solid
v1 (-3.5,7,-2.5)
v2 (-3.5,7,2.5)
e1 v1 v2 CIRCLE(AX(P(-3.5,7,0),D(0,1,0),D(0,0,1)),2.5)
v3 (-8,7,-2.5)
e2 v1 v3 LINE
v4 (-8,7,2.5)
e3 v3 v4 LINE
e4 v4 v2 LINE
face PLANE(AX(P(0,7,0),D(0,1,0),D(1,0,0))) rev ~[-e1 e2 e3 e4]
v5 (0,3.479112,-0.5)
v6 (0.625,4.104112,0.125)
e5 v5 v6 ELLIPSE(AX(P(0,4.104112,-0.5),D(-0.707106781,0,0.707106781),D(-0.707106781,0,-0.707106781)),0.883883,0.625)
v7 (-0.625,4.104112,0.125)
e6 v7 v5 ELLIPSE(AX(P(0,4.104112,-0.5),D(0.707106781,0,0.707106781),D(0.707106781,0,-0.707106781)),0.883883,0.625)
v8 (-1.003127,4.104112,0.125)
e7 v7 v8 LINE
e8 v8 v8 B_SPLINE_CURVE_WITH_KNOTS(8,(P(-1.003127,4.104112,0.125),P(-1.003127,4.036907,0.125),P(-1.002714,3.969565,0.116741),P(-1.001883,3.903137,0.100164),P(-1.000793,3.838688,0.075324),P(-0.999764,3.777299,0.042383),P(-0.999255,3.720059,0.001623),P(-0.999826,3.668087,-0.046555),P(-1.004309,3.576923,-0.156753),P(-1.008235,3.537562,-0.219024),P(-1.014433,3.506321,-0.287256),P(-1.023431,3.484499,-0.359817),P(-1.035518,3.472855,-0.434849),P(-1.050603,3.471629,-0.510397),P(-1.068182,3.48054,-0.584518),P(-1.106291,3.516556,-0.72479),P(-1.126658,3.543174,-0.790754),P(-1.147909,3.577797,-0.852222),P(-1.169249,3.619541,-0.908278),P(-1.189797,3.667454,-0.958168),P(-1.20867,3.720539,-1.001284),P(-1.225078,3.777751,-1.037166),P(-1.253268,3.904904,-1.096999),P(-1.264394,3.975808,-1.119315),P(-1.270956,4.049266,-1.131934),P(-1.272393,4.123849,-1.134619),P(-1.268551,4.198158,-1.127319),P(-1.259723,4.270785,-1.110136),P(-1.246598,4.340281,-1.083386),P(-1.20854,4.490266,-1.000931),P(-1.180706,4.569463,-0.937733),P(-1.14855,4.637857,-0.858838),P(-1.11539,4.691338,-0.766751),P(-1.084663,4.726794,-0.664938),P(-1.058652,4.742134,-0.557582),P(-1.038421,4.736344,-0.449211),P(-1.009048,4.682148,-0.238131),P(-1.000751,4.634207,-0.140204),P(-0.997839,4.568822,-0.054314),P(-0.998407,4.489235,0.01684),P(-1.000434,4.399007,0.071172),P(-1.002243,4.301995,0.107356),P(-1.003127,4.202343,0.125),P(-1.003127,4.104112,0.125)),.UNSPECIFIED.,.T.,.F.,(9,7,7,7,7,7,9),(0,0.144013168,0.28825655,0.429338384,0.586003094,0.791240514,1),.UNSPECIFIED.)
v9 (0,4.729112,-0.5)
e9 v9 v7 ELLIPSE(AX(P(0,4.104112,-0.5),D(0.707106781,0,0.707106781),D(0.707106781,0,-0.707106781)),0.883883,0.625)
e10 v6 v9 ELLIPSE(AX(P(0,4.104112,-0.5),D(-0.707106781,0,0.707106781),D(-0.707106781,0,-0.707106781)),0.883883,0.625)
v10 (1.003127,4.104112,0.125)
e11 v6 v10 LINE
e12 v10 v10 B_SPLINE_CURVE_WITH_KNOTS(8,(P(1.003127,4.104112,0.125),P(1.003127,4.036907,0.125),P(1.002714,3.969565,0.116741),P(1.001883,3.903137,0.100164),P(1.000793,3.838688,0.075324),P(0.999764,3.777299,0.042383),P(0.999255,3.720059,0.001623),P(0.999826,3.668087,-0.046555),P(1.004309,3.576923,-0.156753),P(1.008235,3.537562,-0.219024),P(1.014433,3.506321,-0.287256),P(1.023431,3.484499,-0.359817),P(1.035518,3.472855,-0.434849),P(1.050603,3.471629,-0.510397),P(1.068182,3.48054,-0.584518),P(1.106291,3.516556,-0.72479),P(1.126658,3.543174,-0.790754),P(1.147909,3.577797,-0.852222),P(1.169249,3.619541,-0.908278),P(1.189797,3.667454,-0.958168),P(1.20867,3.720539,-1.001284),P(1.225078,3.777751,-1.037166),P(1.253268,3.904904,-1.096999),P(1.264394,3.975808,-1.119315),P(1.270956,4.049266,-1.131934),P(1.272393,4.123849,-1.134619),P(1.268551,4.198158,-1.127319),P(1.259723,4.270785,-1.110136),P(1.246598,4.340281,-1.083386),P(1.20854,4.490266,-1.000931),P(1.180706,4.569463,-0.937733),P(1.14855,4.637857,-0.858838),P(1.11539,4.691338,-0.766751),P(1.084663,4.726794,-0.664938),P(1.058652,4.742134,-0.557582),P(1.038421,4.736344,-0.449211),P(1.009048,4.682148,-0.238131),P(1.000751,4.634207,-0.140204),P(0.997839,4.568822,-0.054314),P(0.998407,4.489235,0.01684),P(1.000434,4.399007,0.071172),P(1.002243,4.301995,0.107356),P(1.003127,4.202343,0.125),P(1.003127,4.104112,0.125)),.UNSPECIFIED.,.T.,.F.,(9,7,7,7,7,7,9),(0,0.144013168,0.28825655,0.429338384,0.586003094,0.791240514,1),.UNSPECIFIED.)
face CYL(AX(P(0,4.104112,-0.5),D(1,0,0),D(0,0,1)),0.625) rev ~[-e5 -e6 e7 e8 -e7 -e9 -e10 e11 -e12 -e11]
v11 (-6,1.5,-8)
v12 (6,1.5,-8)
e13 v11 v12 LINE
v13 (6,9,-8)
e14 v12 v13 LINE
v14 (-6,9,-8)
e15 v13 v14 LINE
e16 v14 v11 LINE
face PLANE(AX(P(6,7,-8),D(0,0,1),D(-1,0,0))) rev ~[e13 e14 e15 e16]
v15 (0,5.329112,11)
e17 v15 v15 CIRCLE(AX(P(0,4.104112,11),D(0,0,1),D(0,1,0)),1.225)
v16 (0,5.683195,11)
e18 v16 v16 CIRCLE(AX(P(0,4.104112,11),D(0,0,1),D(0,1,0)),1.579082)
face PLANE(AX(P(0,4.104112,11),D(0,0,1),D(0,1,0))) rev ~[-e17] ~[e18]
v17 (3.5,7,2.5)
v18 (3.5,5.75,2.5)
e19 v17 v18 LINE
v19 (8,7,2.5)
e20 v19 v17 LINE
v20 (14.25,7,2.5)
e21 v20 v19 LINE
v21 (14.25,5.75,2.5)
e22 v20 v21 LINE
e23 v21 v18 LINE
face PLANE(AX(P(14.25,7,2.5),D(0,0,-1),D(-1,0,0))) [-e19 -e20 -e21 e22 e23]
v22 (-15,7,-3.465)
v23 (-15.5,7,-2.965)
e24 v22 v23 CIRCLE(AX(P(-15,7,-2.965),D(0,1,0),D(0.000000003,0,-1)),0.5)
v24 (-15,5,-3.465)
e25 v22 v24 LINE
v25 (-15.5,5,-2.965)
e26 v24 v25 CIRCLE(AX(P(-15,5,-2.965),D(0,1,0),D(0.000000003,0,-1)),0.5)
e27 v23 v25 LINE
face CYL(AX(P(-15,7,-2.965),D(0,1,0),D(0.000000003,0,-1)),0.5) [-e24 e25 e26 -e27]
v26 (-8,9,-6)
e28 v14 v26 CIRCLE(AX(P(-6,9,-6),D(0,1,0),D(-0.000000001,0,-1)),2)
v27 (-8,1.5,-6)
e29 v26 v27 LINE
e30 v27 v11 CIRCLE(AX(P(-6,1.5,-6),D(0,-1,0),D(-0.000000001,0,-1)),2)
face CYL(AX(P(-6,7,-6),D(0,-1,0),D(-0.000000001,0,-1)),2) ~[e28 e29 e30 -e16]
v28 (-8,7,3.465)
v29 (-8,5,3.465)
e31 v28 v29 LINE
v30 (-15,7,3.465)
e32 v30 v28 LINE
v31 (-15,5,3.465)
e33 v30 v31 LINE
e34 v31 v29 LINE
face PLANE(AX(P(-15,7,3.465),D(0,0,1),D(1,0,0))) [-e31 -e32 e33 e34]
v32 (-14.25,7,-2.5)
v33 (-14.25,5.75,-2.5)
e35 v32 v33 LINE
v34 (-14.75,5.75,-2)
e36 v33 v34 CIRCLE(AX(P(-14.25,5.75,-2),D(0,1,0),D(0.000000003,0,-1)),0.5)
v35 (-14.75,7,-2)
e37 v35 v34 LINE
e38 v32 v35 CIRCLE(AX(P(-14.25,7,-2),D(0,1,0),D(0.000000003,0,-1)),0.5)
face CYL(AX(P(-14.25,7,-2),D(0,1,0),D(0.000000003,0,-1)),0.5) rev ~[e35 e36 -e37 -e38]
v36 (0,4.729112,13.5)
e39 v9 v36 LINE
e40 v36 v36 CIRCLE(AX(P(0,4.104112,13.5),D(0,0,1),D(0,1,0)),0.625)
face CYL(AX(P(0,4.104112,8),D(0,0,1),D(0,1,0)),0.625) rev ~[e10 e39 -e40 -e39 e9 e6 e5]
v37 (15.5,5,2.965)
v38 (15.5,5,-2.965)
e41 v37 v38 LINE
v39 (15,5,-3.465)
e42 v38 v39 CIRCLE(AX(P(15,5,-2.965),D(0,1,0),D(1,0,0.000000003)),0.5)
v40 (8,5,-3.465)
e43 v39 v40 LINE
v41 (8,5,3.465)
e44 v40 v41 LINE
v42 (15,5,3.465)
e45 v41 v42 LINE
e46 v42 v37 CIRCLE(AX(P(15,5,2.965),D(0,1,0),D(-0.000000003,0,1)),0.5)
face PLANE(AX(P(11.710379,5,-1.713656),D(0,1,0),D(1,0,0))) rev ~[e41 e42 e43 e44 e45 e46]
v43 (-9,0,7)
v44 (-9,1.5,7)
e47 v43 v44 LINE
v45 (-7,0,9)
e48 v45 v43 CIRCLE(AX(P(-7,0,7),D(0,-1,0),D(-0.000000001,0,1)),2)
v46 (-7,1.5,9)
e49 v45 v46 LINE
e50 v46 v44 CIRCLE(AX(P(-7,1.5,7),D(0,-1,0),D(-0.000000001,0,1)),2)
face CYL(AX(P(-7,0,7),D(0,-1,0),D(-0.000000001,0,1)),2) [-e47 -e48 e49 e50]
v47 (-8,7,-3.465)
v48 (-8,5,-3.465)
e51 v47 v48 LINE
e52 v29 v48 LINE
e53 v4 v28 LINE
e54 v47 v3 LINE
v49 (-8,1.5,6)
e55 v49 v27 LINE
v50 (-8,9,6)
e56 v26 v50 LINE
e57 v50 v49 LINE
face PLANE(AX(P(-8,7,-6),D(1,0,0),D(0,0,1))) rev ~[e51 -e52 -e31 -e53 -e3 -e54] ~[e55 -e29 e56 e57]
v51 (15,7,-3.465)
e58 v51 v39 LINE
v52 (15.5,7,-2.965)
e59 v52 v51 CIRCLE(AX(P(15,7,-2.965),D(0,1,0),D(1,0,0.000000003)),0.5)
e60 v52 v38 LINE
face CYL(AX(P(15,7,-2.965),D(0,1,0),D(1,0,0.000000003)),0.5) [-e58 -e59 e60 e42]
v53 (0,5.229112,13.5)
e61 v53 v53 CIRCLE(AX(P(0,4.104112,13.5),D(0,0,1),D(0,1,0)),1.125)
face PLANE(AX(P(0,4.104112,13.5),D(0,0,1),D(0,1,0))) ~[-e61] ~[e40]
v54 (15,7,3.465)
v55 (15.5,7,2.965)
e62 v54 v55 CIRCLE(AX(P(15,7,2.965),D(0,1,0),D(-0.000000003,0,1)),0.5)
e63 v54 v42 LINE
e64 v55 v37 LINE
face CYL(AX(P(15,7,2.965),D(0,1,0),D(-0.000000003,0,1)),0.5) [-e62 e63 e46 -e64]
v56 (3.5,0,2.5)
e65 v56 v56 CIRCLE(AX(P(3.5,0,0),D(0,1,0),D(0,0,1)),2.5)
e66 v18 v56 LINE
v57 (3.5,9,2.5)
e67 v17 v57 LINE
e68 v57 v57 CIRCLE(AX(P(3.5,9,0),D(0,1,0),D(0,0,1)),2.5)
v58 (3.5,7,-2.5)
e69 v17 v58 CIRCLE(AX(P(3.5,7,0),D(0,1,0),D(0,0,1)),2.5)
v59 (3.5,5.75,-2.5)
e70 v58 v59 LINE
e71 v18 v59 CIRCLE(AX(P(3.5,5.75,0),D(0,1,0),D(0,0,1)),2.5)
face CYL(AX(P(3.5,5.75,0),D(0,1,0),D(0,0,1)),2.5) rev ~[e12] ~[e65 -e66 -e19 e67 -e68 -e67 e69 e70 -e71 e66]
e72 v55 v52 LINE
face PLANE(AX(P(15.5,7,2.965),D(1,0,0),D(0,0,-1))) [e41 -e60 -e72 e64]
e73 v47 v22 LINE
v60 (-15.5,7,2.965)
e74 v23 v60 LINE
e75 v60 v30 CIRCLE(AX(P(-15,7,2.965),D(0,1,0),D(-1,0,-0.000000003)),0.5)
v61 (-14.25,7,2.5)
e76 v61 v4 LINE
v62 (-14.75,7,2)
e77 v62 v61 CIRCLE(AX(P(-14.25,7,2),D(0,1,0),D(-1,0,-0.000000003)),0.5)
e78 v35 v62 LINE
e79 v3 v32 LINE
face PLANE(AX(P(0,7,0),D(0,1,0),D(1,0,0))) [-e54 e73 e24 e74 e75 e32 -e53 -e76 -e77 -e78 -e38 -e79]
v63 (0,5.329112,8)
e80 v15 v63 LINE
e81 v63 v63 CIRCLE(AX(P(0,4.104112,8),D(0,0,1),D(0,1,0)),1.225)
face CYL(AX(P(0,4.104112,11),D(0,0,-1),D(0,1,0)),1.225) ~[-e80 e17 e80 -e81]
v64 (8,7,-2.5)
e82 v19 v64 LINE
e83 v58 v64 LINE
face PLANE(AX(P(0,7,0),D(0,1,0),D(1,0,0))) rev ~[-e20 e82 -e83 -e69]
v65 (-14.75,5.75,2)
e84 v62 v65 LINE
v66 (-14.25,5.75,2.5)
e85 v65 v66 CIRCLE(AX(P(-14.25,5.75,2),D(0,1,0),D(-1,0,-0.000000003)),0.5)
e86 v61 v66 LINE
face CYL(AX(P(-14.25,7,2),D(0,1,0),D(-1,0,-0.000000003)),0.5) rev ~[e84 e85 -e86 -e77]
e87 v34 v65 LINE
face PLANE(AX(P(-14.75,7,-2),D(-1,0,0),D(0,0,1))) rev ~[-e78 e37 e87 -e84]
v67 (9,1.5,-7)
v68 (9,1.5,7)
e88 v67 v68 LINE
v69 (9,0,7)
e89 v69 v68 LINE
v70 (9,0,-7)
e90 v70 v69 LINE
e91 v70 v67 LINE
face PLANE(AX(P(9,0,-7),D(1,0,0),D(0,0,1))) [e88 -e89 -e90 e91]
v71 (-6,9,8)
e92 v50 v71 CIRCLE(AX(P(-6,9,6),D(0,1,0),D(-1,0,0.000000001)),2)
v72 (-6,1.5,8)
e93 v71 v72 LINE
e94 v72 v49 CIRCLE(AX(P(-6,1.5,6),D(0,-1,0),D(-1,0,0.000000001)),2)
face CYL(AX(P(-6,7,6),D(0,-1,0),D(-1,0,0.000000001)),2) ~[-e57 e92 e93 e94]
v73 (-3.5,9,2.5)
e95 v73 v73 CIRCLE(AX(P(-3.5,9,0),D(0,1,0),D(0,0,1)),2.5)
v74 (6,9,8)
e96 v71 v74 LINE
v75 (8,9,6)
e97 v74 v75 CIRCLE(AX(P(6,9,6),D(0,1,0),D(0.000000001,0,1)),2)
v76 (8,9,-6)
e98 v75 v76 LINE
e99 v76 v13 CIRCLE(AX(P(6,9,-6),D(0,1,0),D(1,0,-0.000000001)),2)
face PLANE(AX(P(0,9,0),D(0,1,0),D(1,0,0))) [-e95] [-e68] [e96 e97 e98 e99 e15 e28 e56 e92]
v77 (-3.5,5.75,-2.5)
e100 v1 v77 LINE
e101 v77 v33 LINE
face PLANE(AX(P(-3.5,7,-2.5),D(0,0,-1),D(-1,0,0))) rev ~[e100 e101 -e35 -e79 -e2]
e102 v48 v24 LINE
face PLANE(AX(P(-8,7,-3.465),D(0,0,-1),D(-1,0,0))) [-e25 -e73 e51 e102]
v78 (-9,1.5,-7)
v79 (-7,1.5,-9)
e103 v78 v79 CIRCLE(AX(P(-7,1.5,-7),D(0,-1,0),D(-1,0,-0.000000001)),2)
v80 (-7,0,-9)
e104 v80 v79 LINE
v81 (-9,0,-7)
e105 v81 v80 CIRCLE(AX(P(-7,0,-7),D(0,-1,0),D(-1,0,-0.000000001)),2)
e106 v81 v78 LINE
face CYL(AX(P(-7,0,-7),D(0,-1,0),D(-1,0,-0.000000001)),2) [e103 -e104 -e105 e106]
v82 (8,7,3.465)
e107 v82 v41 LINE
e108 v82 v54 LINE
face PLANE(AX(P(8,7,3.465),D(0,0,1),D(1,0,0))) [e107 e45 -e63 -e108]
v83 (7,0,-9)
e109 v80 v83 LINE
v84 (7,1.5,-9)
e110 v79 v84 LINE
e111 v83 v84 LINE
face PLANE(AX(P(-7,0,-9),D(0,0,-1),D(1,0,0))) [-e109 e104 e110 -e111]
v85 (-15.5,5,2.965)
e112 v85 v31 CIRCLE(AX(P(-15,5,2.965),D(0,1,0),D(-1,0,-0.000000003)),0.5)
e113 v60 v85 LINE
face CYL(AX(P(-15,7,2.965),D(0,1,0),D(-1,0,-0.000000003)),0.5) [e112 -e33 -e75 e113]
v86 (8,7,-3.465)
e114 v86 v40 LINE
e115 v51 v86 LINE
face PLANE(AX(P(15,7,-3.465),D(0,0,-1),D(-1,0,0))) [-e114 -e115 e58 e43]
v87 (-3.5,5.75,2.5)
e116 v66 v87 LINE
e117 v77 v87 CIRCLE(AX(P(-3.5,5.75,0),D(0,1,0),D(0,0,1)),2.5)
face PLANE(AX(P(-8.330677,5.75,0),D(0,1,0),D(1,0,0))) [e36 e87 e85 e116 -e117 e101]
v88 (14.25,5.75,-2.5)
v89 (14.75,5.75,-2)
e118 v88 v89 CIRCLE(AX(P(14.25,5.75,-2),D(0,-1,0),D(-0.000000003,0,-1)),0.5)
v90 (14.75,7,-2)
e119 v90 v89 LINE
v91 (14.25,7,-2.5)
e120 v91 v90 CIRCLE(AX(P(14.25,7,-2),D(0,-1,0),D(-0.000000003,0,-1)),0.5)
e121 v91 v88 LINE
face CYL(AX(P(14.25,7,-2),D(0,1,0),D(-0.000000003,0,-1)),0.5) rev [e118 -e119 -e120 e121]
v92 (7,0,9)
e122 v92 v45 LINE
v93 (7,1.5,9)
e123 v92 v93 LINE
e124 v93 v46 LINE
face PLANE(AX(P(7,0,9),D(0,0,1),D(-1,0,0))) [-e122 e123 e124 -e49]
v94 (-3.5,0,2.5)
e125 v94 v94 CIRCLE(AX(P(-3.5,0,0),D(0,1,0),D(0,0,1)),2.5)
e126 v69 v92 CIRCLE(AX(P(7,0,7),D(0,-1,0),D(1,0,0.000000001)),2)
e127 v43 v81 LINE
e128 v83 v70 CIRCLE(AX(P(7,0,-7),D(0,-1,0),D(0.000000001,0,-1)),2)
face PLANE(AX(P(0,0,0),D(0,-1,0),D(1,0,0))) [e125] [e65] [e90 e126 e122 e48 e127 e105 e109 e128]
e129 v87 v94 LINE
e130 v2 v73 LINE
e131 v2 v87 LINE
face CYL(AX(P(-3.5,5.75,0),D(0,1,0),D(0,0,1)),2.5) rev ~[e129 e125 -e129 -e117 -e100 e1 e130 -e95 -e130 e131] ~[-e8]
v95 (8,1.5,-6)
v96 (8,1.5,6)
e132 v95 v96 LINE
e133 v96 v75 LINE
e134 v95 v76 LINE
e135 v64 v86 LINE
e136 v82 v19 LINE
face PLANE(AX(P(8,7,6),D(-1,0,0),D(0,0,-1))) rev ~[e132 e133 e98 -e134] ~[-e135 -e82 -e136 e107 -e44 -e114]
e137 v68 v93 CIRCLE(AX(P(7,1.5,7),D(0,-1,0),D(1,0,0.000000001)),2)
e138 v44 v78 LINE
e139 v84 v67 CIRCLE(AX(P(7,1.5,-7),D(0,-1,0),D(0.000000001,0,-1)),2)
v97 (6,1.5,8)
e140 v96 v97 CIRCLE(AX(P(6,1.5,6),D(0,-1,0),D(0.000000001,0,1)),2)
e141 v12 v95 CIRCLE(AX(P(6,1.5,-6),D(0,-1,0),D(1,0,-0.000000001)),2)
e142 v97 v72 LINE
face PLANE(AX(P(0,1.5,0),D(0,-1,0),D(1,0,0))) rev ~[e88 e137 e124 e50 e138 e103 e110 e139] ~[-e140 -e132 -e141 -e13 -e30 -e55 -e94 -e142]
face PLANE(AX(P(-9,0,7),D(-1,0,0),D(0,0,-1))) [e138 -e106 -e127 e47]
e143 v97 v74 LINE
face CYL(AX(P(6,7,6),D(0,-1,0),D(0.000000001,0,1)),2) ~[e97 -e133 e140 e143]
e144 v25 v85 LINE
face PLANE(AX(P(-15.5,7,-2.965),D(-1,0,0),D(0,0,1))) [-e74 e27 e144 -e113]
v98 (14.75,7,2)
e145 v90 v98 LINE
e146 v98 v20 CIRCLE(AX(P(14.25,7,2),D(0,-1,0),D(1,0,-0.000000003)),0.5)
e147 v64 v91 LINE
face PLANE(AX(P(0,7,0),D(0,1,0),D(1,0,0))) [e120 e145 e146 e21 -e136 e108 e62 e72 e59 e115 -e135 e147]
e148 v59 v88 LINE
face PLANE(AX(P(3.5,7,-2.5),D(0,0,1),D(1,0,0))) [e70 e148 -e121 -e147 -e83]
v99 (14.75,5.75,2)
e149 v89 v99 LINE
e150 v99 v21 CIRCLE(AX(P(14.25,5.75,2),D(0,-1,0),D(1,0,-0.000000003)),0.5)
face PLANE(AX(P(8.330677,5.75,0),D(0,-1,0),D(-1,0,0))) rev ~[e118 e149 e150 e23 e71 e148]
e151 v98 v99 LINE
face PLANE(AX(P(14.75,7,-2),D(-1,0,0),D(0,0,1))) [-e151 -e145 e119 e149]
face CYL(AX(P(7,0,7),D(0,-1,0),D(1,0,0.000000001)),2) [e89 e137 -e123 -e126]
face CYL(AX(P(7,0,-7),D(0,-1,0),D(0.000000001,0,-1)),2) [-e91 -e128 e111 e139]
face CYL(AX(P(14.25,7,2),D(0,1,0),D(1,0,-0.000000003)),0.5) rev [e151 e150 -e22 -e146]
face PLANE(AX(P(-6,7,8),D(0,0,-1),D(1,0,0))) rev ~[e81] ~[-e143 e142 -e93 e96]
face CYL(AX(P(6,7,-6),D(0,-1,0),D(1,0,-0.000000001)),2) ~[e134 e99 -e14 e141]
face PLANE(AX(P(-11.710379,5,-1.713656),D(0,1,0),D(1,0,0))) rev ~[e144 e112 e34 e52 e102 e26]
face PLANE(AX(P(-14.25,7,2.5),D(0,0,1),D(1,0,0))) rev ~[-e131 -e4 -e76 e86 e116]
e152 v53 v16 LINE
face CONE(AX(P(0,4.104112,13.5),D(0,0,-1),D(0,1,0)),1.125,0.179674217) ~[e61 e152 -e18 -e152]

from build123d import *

# Parameters (mm, degrees)
BOSS_EXTRUDE2_DEPTH            = 7
BOSS_EXTRUDE3_DEPTH            = 2
CUT_EXTRUDE1_DEPTH             = 1.25
SKETCH6_R                      = 2.5
BOSS_EXTRUDE4_DEPTH            = 2
BOSS_EXTRUDE5_DEPTH            = 1.5
SKETCH7_R                      = 2.5
CUT_EXTRUDE2_DEPTH             = 19.823190484
SKETCH18_R                     = 0.625
CUT_EXTRUDE5_DEPTH             = 8.5
CUT_EXTRUDE6_REACH             = 24.439
SKETCH20_R                     = 0.625
CUT_EXTRUDE6_DIRECTION_2_REACH = 24.439


with BuildPart() as part:
    # Sketch3 → Boss-Extrude2 (new body)
    with BuildSketch(Plane(origin=(0, 0, 0), x_dir=(1, 0, 0), z_dir=(0, 1, 0))):
        with BuildLine():
            Line((-6, -8), (6, -8))
            ThreePointArc((6, -8), (7.414213562, -7.414213562), (8, -6))
            Line((8, -6), (8, 6))
            ThreePointArc((8, 6), (7.414213562, 7.414213562), (6, 8))
            Line((6, 8), (-6, 8))
            ThreePointArc((-6, 8), (-7.414213562, 7.414213562), (-8, 6))
            Line((-8, 6), (-8, -6))
            ThreePointArc((-8, -6), (-7.414213562, -7.414213562), (-6, -8))
        make_face()
    extrude(amount=BOSS_EXTRUDE2_DEPTH)

    # Sketch4 → Boss-Extrude3 (add)
    with BuildSketch(Plane(origin=(0, 7, 0), x_dir=(1, 0, 0), z_dir=(0, 1, 0))):
        with BuildLine():
            Line((-15.5, 0), (-8, 0))
            Line((-8, 0), (-8, 3.465))
            Line((-8, 3.465), (-15, 3.465))
            ThreePointArc((-15, 3.465), (-15.353553391, 3.318553391), (-15.5, 2.965))
            Line((-15.5, 2.965), (-15.5, 0))
        make_face()
        with BuildLine():
            Line((-8, -3.465), (-8, 0))
            Line((-8, 0), (-15.5, 0))
            Line((-15.5, 0), (-15.5, -2.965))
            ThreePointArc((-15.5, -2.965), (-15.353553391, -3.318553391), (-15, -3.465))
            Line((-15, -3.465), (-8, -3.465))
        make_face()
        with BuildLine():
            Line((15, 3.465), (8, 3.465))
            Line((8, 3.465), (8, 0))
            Line((8, 0), (15.5, 0))
            Line((15.5, 0), (15.5, 2.965))
            ThreePointArc((15.5, 2.965), (15.353553391, 3.318553391), (15, 3.465))
        make_face()
        with BuildLine():
            Line((15.5, 0), (8, 0))
            Line((8, 0), (8, -3.465))
            Line((8, -3.465), (15, -3.465))
            ThreePointArc((15, -3.465), (15.353553391, -3.318553391), (15.5, -2.965))
            Line((15.5, -2.965), (15.5, 0))
        make_face()
    extrude(amount=-BOSS_EXTRUDE3_DEPTH)

    # Sketch5 → Cut-Extrude1 (cut)
    with BuildSketch(Plane(origin=(0, 7, 0), x_dir=(1, 0, 0), z_dir=(0, 1, 0))):
        with BuildLine():
            Line((-3.5, 2.5), (-14.25, 2.5))
            ThreePointArc((-14.25, 2.5), (-14.603553391, 2.353553391), (-14.75, 2))
            Line((-14.75, 2), (-14.75, -2))
            ThreePointArc((-14.75, -2), (-14.603553391, -2.353553391), (-14.25, -2.5))
            Line((-14.25, -2.5), (-3.5, -2.5))
            ThreePointArc((-3.5, -2.5), (-1, 0), (-3.5, 2.5))
        make_face()
        with BuildLine():
            Line((3.5, 2.5), (14.25, 2.5))
            ThreePointArc((14.25, 2.5), (14.603553391, 2.353553391), (14.75, 2))
            Line((14.75, 2), (14.75, -2))
            ThreePointArc((14.75, -2), (14.603553391, -2.353553391), (14.25, -2.5))
            Line((14.25, -2.5), (3.5, -2.5))
            ThreePointArc((3.5, -2.5), (1, 0), (3.5, 2.5))
        make_face()
    extrude(amount=-CUT_EXTRUDE1_DEPTH, mode=Mode.SUBTRACT)

    # Sketch6 → Boss-Extrude4 (add)
    with BuildSketch(Plane(origin=(0, 7, 0), x_dir=(1, 0, 0), z_dir=(0, 1, 0))):
        with BuildLine():
            Line((-6, -8), (6, -8))
            ThreePointArc((6, -8), (7.414213562, -7.414213562), (8, -6))
            Line((8, -6), (8, 6))
            ThreePointArc((8, 6), (7.414213562, 7.414213562), (6, 8))
            Line((6, 8), (-6, 8))
            ThreePointArc((-6, 8), (-7.414213562, 7.414213562), (-8, 6))
            Line((-8, 6), (-8, -6))
            ThreePointArc((-8, -6), (-7.414213562, -7.414213562), (-6, -8))
        make_face()
        with Locations(Location((3.5, 0, 0), (0, 0, 270))):
            Circle(SKETCH6_R, mode=Mode.SUBTRACT)
        with Locations(Location((-3.5, 0, 0), (0, 0, 270))):
            Circle(SKETCH6_R, mode=Mode.SUBTRACT)
    extrude(amount=BOSS_EXTRUDE4_DEPTH)

    # Sketch8 → Boss-Extrude5 (add)
    with BuildSketch(Plane.XZ):
        with BuildLine():
            Line((-7, -9), (7, -9))
            ThreePointArc((7, -9), (8.414213562, -8.414213562), (9, -7))
            Line((9, -7), (9, 7))
            ThreePointArc((9, 7), (8.414213562, 8.414213562), (7, 9))
            Line((7, 9), (-7, 9))
            ThreePointArc((-7, 9), (-8.414213562, 8.414213562), (-9, 7))
            Line((-9, 7), (-9, -7))
            ThreePointArc((-9, -7), (-8.414213562, -8.414213562), (-7, -9))
        make_face()
    extrude(amount=-BOSS_EXTRUDE5_DEPTH)

    # Sketch7 → Cut-Extrude2 (cut, through all)
    with BuildSketch(Plane(origin=(0, 5.75, 0), x_dir=(1, 0, 0), z_dir=(0, 1, 0))):
        with Locations(Location((-3.5, 0, 0), (0, 0, 270))):
            Circle(SKETCH7_R)
        with Locations(Location((3.5, 0, 0), (0, 0, 270))):
            Circle(SKETCH7_R)
    extrude(amount=-CUT_EXTRUDE2_DEPTH, mode=Mode.SUBTRACT)

    # Sketch13 → Revolve1 (revolve)
    with BuildSketch(Plane(origin=(0, 0, 0), x_dir=(0, 0, -1), z_dir=(1, 0, 0)), mode=Mode.PRIVATE) as revolve1_sk:
        Polygon((-8, 3.479112133), (-13.5, 3.479112133), (-13.5, 2.979112133), (-11, 2.525029687), (-11, 2.879112133), (-8, 2.879112133), align=None)
    revolve(revolve1_sk.sketch.rotate(Axis((0, 4.104112133, 8), (0, 0, 1)), 180), axis=Axis((0, 4.104112133, 8), (0, 0, 1)))

    # Sketch18 → Cut-Extrude5 (cut)
    with BuildSketch(Plane.XY.offset(8)):
        with Locations(Location((0, 4.104112133, 0), (0, 0, 90))):
            Circle(SKETCH18_R)
    extrude(amount=-CUT_EXTRUDE5_DEPTH, mode=Mode.SUBTRACT)

    # Sketch20 → Cut-Extrude6 (cut, up to next)
    with BuildSketch(Plane(origin=(0, 0, 0), x_dir=(0, 0, -1), z_dir=(1, 0, 0)), mode=Mode.PRIVATE) as cut_extrude6_sk1:
        with Locations(Location((0.5, 4.104112133, 0), (0, 0, 180))):
            Circle(SKETCH20_R)
    cut_extrude6_tool1 = extrude(cut_extrude6_sk1.sketch, amount=-CUT_EXTRUDE6_REACH, mode=Mode.PRIVATE) & part.part
    add(cut_extrude6_tool1.solids().sort_by_distance((0, 4.104112, -0.5))[0], mode=Mode.SUBTRACT)

    # Sketch20 → Cut-Extrude6 direction 2 (cut, up to next)
    with BuildSketch(Plane(origin=(0, 0, 0), x_dir=(0, 0, -1), z_dir=(1, 0, 0)), mode=Mode.PRIVATE) as cut_extrude6_direction_2_sk1:
        with Locations(Location((0.5, 4.104112133, 0), (0, 0, 180))):
            Circle(SKETCH20_R)
    cut_extrude6_direction_2_tool1 = extrude(cut_extrude6_direction_2_sk1.sketch, amount=CUT_EXTRUDE6_DIRECTION_2_REACH, mode=Mode.PRIVATE) & part.part
    add(cut_extrude6_direction_2_tool1.solids().sort_by_distance((0, 4.104112, -0.5))[0], mode=Mode.SUBTRACT)


solid = part.part
